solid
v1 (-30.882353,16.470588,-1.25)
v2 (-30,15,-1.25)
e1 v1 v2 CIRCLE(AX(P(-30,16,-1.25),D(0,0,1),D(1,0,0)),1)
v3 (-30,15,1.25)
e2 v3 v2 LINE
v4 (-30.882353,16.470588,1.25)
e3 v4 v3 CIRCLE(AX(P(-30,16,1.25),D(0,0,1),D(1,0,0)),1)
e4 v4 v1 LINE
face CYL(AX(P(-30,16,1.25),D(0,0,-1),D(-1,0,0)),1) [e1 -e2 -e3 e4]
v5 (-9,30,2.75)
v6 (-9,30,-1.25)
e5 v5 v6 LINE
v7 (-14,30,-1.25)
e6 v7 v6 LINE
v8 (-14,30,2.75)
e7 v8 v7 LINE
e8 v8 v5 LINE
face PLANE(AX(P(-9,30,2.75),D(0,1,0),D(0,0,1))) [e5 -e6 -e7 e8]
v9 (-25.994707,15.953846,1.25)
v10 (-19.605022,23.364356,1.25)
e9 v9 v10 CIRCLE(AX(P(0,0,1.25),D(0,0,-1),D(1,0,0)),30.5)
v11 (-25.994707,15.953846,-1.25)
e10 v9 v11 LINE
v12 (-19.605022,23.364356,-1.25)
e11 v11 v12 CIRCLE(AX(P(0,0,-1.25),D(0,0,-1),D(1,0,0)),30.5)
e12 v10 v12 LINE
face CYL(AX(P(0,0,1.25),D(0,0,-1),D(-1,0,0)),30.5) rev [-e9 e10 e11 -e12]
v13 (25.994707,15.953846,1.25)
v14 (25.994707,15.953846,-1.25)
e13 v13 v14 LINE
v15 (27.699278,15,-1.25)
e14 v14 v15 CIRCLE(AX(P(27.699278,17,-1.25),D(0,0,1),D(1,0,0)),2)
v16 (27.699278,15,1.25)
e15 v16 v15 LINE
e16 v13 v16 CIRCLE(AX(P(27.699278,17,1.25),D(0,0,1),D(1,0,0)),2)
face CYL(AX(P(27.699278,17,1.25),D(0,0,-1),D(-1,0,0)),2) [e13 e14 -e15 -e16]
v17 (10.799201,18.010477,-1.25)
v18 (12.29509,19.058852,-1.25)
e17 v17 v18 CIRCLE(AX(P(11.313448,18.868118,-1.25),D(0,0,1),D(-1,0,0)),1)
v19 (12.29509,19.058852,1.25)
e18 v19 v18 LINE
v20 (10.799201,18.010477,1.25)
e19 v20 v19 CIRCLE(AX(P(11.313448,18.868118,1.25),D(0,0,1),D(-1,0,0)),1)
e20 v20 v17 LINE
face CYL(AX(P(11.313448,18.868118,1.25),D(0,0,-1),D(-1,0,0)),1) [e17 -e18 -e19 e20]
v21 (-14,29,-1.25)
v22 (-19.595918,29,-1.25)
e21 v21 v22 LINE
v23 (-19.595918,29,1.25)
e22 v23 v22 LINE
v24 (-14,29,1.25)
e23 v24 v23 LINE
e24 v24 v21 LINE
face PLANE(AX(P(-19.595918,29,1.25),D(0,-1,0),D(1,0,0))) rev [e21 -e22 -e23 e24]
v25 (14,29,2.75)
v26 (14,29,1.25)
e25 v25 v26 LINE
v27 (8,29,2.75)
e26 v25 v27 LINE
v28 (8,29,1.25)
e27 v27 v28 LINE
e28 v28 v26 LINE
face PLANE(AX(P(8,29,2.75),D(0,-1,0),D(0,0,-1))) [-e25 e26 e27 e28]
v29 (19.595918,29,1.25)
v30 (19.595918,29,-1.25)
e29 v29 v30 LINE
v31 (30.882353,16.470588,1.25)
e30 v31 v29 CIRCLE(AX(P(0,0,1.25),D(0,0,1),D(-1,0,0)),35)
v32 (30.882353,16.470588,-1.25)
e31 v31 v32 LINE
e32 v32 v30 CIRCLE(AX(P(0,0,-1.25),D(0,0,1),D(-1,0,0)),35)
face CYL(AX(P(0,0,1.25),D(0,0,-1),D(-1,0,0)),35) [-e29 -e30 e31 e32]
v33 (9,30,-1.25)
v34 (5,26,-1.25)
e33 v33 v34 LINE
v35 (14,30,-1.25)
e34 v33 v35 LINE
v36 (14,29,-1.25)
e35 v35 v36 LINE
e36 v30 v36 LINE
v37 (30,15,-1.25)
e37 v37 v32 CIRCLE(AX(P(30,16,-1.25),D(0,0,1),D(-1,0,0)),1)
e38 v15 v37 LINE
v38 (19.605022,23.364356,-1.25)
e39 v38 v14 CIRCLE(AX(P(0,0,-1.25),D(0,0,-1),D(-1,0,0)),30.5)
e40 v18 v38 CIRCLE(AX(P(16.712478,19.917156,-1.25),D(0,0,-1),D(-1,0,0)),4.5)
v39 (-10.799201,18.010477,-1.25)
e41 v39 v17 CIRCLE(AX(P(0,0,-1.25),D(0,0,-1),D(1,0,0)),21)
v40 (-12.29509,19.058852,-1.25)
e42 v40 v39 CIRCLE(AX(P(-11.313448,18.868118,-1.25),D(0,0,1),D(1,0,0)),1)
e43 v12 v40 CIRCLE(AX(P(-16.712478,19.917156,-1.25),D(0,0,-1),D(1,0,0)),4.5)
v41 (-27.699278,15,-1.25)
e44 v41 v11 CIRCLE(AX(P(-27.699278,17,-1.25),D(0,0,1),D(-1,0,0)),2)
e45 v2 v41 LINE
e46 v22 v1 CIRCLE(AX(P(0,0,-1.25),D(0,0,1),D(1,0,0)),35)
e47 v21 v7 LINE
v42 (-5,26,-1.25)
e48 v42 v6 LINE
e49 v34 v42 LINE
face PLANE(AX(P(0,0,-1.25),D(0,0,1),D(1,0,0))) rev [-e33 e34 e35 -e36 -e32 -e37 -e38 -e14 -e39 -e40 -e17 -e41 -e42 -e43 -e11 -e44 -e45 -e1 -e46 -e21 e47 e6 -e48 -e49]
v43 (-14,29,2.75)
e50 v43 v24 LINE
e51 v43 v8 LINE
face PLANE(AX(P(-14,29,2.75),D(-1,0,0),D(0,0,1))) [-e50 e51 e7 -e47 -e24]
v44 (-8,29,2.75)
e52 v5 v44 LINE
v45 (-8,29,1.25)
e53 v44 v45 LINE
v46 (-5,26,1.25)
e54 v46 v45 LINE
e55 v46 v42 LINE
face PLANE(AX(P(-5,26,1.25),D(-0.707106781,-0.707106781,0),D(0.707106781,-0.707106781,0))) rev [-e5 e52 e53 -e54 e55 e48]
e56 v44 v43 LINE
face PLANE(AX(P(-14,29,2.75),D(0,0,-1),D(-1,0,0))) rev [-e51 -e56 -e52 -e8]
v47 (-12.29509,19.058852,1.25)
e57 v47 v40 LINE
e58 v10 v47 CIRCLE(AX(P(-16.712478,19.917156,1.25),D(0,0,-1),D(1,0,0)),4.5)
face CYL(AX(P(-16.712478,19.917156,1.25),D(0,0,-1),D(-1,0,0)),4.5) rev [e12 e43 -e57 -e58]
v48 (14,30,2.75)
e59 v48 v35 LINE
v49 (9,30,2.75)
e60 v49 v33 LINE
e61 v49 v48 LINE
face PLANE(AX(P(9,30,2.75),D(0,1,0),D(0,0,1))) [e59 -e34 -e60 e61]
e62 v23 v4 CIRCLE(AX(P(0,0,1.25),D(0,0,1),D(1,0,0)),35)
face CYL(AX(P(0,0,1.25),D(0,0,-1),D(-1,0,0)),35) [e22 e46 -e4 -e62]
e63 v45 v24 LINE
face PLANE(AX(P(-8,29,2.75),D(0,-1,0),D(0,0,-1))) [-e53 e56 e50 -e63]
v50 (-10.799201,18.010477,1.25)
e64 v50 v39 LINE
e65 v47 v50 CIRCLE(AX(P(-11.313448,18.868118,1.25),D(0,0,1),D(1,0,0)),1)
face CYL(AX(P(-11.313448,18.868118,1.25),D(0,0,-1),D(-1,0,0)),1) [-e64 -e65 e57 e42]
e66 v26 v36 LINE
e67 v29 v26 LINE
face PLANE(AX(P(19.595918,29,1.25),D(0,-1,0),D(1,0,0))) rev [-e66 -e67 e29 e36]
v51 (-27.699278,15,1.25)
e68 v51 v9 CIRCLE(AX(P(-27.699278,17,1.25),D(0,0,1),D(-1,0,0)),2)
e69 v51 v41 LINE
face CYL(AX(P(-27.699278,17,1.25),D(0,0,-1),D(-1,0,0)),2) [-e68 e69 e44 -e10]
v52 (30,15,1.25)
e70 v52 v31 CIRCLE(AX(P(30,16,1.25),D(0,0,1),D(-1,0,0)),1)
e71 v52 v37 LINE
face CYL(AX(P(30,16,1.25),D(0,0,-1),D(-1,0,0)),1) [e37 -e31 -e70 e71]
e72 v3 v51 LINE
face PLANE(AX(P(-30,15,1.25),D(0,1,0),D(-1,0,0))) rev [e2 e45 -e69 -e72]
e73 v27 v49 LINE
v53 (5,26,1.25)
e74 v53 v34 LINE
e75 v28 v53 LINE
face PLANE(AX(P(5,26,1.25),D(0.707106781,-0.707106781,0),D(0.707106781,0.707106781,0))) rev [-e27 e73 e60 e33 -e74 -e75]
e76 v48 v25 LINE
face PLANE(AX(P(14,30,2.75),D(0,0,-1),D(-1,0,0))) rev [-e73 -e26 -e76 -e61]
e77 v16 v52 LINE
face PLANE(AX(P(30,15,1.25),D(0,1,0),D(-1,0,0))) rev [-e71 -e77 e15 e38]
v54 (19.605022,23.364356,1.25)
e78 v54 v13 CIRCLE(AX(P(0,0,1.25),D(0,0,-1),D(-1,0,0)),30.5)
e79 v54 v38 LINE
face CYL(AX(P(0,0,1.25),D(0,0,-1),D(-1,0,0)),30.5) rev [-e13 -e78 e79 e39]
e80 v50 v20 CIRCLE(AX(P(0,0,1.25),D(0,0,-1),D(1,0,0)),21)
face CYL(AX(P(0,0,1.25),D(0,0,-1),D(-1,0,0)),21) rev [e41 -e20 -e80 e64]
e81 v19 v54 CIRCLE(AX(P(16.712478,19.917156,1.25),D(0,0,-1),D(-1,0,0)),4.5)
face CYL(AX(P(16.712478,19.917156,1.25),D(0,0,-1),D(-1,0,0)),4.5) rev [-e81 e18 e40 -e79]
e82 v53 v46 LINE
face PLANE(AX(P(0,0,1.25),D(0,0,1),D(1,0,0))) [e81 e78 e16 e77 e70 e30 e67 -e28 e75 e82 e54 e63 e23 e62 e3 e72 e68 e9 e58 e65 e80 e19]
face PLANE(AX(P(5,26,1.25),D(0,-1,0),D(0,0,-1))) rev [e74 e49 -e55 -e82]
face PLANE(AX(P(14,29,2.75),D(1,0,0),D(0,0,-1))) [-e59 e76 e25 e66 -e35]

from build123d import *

# Parameters (mm, degrees)
EXTRUSION1_DEPTH = 1.25
EXTRUSION2_DEPTH = 4


with BuildPart() as part:
    # Esquisse1 → Extrusion1 (new, symmetric)
    with BuildSketch(Plane.XY):
        with BuildLine():
            Line((-19.595917942, 29), (-8, 29))
            Line((-8, 29), (-5, 26))
            Line((-5, 26), (5, 26))
            Line((5, 26), (8, 29))
            Line((8, 29), (19.595917942, 29))
            ThreePointArc((19.595917942, 29), (26.005009087, 23.425189484), (30.882352941, 16.470588235))
            ThreePointArc((30.882352941, 16.470588235), (30.857492926, 15.485504245), (30, 15))
            Line((30, 15), (27.699277969, 15))
            ThreePointArc((27.699277969, 15), (26.722627492, 15.254676578), (25.994707017, 15.953846154))
            ThreePointArc((25.994707017, 15.953846154), (23.098976948, 19.917009413), (19.605022095, 23.364355515))
            ThreePointArc((19.605022095, 23.364355515), (14.428703263, 23.794573944), (12.29508997, 19.058852366))
            ThreePointArc((12.29508997, 19.058852366), (11.88737091, 18.049208847), (10.799200573, 18.01047659))
            ThreePointArc((10.799200573, 18.01047659), (0, 21), (-10.799200573, 18.01047659))
            ThreePointArc((-10.799200573, 18.01047659), (-11.88737091, 18.049208847), (-12.29508997, 19.058852366))
            ThreePointArc((-12.29508997, 19.058852366), (-14.428703263, 23.794573944), (-19.605022095, 23.364355515))
            ThreePointArc((-19.605022095, 23.364355515), (-23.098976948, 19.917009413), (-25.994707017, 15.953846154))
            ThreePointArc((-25.994707017, 15.953846154), (-26.722627492, 15.254676578), (-27.699277969, 15))
            Line((-27.699277969, 15), (-30, 15))
            ThreePointArc((-30, 15), (-30.857492926, 15.485504245), (-30.882352941, 16.470588235))
            ThreePointArc((-30.882352941, 16.470588235), (-26.005009087, 23.425189484), (-19.595917942, 29))
        make_face()
    extrude(amount=EXTRUSION1_DEPTH, both=True)

    # Esquisse2 → Extrusion2 (add)
    with BuildSketch(Plane(origin=(0, 0, -1.25), x_dir=(-1, 0, 0), z_dir=(0, 0, -1))):
        Polygon((-8, 29), (-14, 29), (-14, 30), (-9, 30), align=None)
        Polygon((8, 29), (9, 30), (14, 30), (14, 29), align=None)
    extrude(amount=-EXTRUSION2_DEPTH)


solid = part.part
